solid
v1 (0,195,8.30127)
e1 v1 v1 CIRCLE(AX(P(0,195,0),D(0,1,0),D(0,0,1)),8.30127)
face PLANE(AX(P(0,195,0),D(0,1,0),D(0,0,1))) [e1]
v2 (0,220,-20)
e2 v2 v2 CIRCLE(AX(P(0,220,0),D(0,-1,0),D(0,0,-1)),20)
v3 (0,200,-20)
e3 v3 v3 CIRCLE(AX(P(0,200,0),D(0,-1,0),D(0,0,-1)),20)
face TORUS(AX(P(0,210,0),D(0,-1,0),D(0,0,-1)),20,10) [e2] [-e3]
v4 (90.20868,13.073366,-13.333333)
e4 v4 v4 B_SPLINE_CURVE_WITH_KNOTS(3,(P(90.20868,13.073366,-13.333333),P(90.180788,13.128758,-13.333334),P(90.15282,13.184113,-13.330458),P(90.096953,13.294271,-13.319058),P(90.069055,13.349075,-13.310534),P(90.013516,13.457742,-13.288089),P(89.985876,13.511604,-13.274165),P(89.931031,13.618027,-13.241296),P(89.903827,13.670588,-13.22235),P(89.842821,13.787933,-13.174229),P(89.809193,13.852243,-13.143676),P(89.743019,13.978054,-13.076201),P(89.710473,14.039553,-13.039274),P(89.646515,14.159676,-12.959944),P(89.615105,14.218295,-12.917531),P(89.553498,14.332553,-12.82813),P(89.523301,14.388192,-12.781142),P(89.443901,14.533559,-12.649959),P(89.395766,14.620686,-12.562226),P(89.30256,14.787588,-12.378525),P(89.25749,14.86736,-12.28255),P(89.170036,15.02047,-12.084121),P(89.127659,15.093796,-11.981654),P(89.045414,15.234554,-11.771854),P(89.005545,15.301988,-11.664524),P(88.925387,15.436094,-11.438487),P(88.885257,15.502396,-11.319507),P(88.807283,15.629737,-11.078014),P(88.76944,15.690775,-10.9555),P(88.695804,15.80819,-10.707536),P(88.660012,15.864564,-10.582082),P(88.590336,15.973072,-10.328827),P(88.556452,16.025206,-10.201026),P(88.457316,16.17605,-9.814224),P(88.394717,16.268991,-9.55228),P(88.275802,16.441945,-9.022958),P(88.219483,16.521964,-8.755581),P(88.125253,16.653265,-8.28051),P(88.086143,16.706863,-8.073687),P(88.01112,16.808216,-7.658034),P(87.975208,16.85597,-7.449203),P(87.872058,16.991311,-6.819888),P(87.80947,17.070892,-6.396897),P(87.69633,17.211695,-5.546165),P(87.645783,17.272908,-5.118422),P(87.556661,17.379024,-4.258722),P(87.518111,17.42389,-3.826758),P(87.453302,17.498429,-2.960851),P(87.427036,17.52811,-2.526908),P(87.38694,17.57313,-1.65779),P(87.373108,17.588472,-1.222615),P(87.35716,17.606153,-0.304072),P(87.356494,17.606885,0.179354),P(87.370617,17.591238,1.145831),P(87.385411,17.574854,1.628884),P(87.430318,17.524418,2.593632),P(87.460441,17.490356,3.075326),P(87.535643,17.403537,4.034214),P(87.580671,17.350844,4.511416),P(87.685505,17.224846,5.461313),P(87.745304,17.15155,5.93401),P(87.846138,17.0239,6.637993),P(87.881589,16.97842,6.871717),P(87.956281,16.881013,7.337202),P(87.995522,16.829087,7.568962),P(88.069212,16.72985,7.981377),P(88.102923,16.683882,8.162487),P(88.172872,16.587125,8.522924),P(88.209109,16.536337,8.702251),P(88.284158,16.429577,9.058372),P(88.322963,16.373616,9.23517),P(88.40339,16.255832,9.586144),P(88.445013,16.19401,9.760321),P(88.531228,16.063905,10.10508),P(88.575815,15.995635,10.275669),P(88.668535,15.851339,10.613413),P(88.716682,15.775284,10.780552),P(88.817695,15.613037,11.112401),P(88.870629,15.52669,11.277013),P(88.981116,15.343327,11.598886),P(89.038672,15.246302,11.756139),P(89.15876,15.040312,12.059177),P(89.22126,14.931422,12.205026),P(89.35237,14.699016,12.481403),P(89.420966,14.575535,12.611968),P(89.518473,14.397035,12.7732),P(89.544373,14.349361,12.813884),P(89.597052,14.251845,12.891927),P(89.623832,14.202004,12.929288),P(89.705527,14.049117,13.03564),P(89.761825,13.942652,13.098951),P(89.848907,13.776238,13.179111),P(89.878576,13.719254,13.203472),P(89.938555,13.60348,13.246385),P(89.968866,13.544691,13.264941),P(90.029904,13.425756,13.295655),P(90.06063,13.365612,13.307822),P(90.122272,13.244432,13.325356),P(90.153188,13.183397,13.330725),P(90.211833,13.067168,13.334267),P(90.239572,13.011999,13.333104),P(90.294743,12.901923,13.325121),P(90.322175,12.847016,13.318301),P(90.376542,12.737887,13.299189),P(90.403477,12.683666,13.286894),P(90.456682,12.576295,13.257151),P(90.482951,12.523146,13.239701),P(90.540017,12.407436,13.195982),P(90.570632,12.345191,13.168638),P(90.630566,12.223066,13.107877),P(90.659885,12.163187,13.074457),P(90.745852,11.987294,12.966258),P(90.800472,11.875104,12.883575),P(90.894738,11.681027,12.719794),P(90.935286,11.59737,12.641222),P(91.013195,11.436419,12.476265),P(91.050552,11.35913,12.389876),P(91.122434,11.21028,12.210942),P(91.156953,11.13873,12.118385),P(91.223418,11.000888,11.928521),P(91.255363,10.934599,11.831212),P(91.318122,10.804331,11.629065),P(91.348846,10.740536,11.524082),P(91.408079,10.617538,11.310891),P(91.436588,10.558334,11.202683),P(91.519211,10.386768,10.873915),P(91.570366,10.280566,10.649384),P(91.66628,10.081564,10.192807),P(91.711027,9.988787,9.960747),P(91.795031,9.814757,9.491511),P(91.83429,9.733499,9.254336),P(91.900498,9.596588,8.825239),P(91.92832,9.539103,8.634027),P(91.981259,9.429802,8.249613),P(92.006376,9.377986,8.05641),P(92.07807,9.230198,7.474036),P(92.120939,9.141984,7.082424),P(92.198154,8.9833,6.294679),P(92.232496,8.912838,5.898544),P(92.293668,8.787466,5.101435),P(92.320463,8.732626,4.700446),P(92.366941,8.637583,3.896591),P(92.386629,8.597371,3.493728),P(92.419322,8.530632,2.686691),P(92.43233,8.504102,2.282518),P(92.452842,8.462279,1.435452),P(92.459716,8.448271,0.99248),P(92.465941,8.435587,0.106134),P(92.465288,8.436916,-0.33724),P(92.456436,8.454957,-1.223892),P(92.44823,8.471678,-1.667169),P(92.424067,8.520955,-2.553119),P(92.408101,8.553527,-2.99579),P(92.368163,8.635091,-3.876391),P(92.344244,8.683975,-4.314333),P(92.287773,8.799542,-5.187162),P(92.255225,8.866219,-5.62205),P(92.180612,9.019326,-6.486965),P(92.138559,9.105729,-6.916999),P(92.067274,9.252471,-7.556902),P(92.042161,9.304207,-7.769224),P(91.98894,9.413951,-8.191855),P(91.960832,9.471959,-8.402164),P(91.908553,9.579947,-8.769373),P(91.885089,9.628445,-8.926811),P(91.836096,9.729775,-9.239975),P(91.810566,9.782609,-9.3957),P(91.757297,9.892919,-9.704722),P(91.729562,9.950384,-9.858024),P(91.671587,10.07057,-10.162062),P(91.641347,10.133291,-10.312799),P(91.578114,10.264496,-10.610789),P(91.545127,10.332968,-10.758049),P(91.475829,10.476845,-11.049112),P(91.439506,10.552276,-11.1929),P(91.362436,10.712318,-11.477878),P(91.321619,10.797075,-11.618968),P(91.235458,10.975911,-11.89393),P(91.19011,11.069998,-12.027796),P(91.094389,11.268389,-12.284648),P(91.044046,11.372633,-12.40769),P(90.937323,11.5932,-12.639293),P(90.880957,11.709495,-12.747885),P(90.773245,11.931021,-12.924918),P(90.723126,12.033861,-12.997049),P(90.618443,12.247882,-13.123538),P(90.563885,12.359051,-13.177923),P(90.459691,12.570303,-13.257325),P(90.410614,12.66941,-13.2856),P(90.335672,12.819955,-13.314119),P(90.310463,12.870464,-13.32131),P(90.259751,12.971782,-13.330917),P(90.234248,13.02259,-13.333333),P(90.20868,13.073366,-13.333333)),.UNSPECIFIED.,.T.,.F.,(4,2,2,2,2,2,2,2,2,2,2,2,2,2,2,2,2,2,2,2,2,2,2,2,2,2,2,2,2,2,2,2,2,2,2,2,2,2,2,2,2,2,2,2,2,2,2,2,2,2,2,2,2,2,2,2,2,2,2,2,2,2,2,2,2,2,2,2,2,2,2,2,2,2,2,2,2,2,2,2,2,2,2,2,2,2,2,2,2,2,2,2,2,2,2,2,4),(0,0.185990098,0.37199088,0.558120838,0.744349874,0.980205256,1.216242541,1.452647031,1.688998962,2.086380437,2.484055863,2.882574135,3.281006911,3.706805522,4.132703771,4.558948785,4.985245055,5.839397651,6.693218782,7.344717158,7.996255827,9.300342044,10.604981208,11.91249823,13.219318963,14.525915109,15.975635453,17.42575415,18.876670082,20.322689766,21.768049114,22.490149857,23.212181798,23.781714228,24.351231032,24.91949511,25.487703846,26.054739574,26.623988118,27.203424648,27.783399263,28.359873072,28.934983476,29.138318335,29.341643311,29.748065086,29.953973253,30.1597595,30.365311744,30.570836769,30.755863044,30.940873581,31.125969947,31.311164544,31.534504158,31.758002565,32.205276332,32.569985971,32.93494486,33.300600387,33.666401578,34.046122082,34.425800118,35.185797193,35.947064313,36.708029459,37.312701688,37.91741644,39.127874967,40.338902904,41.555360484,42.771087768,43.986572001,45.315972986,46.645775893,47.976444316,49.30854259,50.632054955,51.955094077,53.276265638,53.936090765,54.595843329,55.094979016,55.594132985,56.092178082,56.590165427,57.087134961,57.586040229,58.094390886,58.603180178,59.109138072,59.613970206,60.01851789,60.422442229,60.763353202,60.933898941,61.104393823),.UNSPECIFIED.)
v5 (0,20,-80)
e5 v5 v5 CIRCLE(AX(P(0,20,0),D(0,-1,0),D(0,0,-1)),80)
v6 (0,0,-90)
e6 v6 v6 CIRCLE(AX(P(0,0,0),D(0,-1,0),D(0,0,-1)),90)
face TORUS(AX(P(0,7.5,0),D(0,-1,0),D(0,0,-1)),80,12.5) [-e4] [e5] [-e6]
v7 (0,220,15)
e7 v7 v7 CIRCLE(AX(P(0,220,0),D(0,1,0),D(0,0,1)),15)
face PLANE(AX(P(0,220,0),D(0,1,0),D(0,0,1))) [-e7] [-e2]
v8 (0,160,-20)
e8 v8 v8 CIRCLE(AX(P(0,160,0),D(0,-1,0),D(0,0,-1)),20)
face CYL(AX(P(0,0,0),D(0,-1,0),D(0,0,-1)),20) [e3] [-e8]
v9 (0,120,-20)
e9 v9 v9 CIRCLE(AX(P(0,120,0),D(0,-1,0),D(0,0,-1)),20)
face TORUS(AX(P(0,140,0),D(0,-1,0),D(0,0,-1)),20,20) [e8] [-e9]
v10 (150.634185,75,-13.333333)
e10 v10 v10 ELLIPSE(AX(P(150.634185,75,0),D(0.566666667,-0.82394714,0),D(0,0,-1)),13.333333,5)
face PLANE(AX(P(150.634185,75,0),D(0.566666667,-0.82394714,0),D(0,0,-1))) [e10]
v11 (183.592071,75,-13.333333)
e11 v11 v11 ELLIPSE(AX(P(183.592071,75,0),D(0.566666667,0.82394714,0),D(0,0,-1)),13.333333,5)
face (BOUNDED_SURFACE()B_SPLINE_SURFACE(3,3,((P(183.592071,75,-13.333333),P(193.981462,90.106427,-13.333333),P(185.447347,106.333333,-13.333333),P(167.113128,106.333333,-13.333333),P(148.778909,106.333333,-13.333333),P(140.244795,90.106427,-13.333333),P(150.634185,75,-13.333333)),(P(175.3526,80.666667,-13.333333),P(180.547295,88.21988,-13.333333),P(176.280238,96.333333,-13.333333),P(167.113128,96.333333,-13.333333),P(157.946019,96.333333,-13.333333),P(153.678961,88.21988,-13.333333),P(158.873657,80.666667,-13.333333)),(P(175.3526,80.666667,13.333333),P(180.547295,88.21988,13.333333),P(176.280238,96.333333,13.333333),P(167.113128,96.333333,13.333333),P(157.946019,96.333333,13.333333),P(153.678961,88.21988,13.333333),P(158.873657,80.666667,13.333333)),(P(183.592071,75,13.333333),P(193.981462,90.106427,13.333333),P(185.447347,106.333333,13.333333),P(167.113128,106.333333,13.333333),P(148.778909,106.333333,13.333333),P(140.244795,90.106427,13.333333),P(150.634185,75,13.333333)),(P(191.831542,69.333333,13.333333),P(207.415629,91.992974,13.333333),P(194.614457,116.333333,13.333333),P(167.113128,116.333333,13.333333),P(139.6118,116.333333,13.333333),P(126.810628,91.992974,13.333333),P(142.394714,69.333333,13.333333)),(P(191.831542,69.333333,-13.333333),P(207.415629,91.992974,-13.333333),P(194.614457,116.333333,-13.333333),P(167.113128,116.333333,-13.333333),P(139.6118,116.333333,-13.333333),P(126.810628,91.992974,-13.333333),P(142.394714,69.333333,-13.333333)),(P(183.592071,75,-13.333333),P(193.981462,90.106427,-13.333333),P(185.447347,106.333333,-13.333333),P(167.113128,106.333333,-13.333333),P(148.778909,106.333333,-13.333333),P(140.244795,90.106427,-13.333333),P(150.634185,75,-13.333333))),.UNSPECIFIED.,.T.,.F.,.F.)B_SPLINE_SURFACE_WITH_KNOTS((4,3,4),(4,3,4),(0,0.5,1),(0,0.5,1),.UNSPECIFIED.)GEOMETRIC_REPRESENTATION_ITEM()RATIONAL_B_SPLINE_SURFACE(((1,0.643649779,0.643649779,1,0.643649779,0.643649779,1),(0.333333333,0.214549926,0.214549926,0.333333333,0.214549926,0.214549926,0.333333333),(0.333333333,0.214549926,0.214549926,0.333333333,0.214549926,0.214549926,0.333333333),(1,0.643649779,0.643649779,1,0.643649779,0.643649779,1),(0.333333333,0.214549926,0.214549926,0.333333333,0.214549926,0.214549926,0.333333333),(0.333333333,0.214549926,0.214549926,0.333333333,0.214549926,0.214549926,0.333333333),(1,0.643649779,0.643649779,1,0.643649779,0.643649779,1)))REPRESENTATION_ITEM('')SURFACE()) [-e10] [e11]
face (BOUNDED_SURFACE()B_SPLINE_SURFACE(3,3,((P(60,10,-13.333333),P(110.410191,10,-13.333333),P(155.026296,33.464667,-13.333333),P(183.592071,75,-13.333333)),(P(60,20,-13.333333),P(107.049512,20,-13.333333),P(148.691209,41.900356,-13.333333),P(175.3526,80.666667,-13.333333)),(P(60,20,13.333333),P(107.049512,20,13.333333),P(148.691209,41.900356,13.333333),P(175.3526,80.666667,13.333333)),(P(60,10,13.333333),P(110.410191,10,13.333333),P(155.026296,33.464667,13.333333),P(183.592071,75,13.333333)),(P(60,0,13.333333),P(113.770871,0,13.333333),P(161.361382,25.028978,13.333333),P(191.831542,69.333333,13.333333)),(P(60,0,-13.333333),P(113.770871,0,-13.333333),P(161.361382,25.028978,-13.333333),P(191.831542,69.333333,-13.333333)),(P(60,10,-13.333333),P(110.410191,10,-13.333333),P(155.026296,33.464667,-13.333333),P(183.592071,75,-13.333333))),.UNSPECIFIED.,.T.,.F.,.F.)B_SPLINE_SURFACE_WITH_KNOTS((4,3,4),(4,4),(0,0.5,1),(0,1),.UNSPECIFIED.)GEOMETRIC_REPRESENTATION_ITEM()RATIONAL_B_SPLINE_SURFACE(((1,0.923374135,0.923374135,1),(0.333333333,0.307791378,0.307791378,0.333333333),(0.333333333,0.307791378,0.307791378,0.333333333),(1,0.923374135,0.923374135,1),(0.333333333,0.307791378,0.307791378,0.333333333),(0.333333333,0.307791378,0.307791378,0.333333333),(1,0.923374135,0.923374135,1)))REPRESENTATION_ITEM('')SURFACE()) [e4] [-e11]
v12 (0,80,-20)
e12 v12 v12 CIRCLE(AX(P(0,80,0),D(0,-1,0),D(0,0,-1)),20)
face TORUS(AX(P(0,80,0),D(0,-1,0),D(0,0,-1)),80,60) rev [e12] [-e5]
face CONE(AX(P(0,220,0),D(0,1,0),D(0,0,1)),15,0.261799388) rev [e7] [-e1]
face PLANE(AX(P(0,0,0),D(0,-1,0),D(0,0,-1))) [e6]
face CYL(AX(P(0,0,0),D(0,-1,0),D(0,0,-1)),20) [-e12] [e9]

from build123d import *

# Parameters (mm, degrees)
SKETCH5_RX         = 13.333333333
SKETCH5_RY         = 5
SKETCH6_R          = 15
CUT_EXTRUDE1_DEPTH = 25
CUT_EXTRUDE1_TAPER = 15


with BuildPart() as part:
    # Sketch2 → Revolve1 (revolve)
    with BuildSketch(Plane.XY):
        with BuildLine():
            Line((0, 0), (0, 220))
            Line((0, 220), (20, 220))
            ThreePointArc((20, 220), (30, 210), (20, 200))
            Line((20, 200), (20, 160))
            ThreePointArc((20, 160), (40, 140), (20, 120))
            Line((20, 120), (20, 80))
            ThreePointArc((20, 80), (37.573593129, 37.573593129), (80, 20))
            ThreePointArc((80, 20), (91.180339887, 13.090169944), (90, 0))
            Line((90, 0), (0, 0))
        make_face()
    revolve(axis=Axis((0, 0, 0), (0, 1, 0)))

    # Sweep1: sweep along a path in Sketch3
    with BuildLine(Plane.XY) as sweep1_path:
        Line((0, 10), (60, 10))
        ThreePointArc((60, 10), (129.821200219, 27.240819526), (183.592070943, 75))
        ThreePointArc((183.592070943, 75), (167.113128151, 106.333333333), (150.634185358, 75))
    # Sketch5 → Sweep1 (sweep)
    with BuildSketch(Plane(origin=(0, 0, 0), x_dir=(0, 0, -1), z_dir=(1, 0, 0))):
        with Locations(Location((0, 10), (0, 0, 180))):
            Ellipse(SKETCH5_RX, SKETCH5_RY)
    sweep(path=sweep1_path.line)

    # Sketch6 → Cut-Extrude1 (cut)
    with BuildSketch(Plane(origin=(0, 220, 0), x_dir=(1, 0, 0), z_dir=(0, 1, 0))):
        Circle(SKETCH6_R)
    extrude(amount=-CUT_EXTRUDE1_DEPTH, taper=CUT_EXTRUDE1_TAPER, mode=Mode.SUBTRACT)


solid = part.part
